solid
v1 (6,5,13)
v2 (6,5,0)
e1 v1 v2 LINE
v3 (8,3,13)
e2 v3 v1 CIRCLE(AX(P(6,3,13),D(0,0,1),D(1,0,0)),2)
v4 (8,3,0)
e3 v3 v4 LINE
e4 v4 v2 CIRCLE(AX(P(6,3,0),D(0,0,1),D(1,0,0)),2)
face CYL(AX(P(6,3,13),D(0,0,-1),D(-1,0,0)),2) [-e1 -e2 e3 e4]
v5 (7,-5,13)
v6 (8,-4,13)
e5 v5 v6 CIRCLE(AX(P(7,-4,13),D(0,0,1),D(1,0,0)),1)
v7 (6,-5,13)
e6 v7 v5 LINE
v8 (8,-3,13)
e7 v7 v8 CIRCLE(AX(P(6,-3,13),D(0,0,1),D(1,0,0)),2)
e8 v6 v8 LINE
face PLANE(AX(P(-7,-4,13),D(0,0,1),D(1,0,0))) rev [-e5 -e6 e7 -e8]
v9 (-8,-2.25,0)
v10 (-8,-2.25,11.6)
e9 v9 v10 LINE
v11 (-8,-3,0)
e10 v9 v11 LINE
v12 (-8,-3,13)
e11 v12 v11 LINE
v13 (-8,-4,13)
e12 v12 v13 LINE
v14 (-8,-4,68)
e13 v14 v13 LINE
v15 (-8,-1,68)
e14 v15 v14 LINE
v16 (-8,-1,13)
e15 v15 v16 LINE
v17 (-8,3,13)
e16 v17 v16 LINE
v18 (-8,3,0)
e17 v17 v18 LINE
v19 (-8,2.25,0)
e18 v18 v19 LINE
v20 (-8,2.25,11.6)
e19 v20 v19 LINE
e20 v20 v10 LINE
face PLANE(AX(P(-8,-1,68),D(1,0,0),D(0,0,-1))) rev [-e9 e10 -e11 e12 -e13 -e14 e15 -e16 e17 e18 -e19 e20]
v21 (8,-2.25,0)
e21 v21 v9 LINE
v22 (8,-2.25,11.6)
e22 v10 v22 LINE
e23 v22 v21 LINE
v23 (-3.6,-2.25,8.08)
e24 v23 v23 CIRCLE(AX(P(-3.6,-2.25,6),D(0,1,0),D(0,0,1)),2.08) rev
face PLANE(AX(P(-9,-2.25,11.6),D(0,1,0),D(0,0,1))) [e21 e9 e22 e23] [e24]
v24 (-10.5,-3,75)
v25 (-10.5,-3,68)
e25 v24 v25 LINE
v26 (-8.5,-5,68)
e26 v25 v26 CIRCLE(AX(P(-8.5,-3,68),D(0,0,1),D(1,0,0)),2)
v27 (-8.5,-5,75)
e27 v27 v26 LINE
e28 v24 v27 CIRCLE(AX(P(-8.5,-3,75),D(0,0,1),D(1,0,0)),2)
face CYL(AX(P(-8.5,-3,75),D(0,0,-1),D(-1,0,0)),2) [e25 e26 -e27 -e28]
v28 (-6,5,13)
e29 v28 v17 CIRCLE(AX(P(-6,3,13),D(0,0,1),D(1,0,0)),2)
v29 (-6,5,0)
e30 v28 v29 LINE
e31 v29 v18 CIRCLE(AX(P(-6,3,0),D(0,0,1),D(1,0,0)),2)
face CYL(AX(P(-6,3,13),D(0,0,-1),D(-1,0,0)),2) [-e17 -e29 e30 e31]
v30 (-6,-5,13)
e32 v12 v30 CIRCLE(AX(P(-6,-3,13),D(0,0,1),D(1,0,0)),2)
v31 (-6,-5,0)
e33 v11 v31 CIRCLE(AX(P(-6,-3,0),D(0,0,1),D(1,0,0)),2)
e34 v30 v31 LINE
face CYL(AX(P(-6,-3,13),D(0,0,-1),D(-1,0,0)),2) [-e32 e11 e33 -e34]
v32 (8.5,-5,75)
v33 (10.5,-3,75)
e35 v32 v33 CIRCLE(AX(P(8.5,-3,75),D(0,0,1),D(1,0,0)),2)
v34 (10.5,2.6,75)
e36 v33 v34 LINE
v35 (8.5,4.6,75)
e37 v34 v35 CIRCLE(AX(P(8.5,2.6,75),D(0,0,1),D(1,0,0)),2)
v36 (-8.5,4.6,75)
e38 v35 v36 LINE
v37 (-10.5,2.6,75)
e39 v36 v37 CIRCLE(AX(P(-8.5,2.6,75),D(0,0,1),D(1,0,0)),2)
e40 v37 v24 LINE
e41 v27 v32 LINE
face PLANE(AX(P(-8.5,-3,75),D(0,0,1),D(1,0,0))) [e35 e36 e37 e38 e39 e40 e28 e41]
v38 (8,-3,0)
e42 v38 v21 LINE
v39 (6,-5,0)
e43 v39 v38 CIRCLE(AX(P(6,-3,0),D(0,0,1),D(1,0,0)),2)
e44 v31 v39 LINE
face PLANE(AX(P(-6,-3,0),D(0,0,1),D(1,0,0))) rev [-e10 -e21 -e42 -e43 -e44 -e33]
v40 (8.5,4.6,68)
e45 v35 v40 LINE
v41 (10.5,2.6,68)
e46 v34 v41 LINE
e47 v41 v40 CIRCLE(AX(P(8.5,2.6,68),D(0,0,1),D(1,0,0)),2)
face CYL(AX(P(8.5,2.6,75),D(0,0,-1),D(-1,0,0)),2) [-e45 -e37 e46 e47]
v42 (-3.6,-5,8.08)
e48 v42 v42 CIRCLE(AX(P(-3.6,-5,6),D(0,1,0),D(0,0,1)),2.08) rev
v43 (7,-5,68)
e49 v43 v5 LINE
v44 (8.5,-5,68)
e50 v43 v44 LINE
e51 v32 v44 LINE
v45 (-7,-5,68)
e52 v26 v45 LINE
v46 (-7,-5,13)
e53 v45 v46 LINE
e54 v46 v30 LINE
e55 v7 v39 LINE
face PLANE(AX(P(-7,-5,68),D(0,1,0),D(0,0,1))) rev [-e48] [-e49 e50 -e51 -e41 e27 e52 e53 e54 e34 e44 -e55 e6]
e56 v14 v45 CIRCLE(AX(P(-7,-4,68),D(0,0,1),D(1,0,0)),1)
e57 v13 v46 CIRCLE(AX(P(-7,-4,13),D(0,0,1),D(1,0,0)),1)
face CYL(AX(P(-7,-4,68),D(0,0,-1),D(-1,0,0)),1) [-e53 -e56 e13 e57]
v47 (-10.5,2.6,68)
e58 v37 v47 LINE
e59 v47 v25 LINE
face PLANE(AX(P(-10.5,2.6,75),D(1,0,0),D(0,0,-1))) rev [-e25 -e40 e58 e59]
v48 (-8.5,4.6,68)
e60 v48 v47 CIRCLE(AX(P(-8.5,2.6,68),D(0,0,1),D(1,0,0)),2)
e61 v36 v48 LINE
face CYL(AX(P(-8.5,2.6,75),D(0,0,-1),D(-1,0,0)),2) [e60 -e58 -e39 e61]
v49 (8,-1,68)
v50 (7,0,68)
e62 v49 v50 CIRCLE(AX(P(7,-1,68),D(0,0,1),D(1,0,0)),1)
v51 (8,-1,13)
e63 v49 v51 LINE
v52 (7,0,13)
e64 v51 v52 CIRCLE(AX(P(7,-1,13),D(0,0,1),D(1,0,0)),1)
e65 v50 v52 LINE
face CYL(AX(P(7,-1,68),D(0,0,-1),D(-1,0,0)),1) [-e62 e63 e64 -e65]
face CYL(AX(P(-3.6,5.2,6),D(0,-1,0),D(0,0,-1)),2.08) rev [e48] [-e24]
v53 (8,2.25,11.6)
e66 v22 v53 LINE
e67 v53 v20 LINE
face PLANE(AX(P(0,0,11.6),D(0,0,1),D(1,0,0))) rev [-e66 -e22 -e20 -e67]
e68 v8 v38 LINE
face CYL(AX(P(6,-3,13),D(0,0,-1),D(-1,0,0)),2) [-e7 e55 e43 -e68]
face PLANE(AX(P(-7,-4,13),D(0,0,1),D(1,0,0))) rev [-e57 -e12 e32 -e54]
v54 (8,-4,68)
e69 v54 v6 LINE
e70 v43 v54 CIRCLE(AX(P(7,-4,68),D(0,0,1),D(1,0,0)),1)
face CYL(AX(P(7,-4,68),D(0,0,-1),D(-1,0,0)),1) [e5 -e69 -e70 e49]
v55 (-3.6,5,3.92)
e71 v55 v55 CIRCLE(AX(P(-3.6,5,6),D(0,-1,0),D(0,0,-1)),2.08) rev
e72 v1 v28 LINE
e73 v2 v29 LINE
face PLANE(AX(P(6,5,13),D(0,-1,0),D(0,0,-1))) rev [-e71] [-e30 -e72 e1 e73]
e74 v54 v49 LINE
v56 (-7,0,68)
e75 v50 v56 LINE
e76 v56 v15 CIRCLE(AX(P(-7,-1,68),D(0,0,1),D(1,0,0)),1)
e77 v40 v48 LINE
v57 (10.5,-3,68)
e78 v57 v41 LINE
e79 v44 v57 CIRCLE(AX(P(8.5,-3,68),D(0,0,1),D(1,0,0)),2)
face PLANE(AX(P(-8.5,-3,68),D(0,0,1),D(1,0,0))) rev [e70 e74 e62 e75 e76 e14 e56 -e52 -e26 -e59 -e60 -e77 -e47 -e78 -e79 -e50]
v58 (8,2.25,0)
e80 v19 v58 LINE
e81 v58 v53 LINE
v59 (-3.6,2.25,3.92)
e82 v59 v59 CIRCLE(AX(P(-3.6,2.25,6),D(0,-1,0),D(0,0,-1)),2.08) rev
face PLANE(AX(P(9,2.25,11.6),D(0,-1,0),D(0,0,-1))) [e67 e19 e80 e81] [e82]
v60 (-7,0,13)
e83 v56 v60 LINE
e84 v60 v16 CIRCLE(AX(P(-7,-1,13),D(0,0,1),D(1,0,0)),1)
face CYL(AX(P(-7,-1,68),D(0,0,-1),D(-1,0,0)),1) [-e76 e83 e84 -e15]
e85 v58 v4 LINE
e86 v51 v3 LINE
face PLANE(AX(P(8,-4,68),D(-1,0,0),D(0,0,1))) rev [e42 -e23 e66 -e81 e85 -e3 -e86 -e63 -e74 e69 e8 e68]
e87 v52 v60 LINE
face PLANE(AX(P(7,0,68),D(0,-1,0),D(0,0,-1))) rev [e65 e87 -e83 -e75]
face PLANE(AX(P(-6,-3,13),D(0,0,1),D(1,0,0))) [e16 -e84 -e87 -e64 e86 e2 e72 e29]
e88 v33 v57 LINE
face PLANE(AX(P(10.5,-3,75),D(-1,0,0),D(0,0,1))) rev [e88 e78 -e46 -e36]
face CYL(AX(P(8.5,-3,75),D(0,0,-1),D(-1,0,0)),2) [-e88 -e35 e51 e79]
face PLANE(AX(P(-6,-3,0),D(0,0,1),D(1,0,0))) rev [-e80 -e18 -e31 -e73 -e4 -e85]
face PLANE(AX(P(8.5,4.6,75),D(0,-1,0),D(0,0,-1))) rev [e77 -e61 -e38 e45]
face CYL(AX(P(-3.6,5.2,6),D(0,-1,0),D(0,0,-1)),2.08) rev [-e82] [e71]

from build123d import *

# Parameters (mm, degrees)
F_01_START                                = 13
F_01_TPU_16_BY_5_GAUGE_DEPTH              = 55
F_02_CORD_END_BLOCK_DEPTH                 = 13
F_03_START                                = 68
F_03_CAPTURED_TAIL_BUTTON_DEPTH           = 7
F_04_START                                = -0.2
S04_OPEN_TWO_EAR_PIN_CLEVIS_W             = 18
S04_OPEN_TWO_EAR_PIN_CLEVIS_H             = 4.5
F_04_OPEN_TWO_EAR_PIN_CLEVIS_DEPTH        = 11.8
F_05_START                                = -5.2
S05_SHOULDER_PIN_THROUGH_BOTH_EARS_R      = 2.08
F_05_SHOULDER_PIN_THROUGH_BOTH_EARS_DEPTH = 10.4


with BuildPart() as part:
    # S01 - TPU 16 by 5 gauge → 01 - TPU 16 by 5 gauge (new body)
    with BuildSketch(Plane.XY.offset(F_01_START)):
        with BuildLine():
            Line((-7, -5), (7, -5))
            ThreePointArc((7, -5), (7.707106781, -4.707106781), (8, -4))
            Line((8, -4), (8, -1))
            ThreePointArc((8, -1), (7.707106781, -0.292893219), (7, 0))
            Line((7, 0), (-7, 0))
            ThreePointArc((-7, 0), (-7.707106781, -0.292893219), (-8, -1))
            Line((-8, -1), (-8, -4))
            ThreePointArc((-8, -4), (-7.707106781, -4.707106781), (-7, -5))
        make_face()
    extrude(amount=F_01_TPU_16_BY_5_GAUGE_DEPTH)

    # S02 - Cord end block → 02 - Cord end block (add)
    with BuildSketch(Plane.XY):
        with BuildLine():
            Line((-6, -5), (6, -5))
            ThreePointArc((6, -5), (7.414213562, -4.414213562), (8, -3))
            Line((8, -3), (8, 3))
            ThreePointArc((8, 3), (7.414213562, 4.414213562), (6, 5))
            Line((6, 5), (-6, 5))
            ThreePointArc((-6, 5), (-7.414213562, 4.414213562), (-8, 3))
            Line((-8, 3), (-8, -3))
            ThreePointArc((-8, -3), (-7.414213562, -4.414213562), (-6, -5))
        make_face()
    extrude(amount=F_02_CORD_END_BLOCK_DEPTH)

    # S03 - Captured tail button → 03 - Captured tail button (add)
    with BuildSketch(Plane.XY.offset(F_03_START)):
        with BuildLine():
            Line((-8.5, -5), (8.5, -5))
            ThreePointArc((8.5, -5), (9.914213562, -4.414213562), (10.5, -3))
            Line((10.5, -3), (10.5, 2.6))
            ThreePointArc((10.5, 2.6), (9.914213562, 4.014213562), (8.5, 4.6))
            Line((8.5, 4.6), (-8.5, 4.6))
            ThreePointArc((-8.5, 4.6), (-9.914213562, 4.014213562), (-10.5, 2.6))
            Line((-10.5, 2.6), (-10.5, -3))
            ThreePointArc((-10.5, -3), (-9.914213562, -4.414213562), (-8.5, -5))
        make_face()
    extrude(amount=F_03_CAPTURED_TAIL_BUTTON_DEPTH)

    # S04 - Open two-ear pin clevis → 04 - Open two-ear pin clevis (cut)
    with BuildSketch(Plane.XY.offset(F_04_START)):
        Rectangle(S04_OPEN_TWO_EAR_PIN_CLEVIS_W, S04_OPEN_TWO_EAR_PIN_CLEVIS_H)
    extrude(amount=F_04_OPEN_TWO_EAR_PIN_CLEVIS_DEPTH, mode=Mode.SUBTRACT)

    # S05 - Shoulder pin through both ears → 05 - Shoulder pin through both ears (cut)
    with BuildSketch(Plane(origin=(0, 0, 0), x_dir=(1, 0, 0), z_dir=(0, 1, 0)).offset(F_05_START)):
        with Locations(Location((-3.6, -6, 0), (0, 0, 90))):
            Circle(S05_SHOULDER_PIN_THROUGH_BOTH_EARS_R)
    extrude(amount=F_05_SHOULDER_PIN_THROUGH_BOTH_EARS_DEPTH, mode=Mode.SUBTRACT)


solid = part.part
